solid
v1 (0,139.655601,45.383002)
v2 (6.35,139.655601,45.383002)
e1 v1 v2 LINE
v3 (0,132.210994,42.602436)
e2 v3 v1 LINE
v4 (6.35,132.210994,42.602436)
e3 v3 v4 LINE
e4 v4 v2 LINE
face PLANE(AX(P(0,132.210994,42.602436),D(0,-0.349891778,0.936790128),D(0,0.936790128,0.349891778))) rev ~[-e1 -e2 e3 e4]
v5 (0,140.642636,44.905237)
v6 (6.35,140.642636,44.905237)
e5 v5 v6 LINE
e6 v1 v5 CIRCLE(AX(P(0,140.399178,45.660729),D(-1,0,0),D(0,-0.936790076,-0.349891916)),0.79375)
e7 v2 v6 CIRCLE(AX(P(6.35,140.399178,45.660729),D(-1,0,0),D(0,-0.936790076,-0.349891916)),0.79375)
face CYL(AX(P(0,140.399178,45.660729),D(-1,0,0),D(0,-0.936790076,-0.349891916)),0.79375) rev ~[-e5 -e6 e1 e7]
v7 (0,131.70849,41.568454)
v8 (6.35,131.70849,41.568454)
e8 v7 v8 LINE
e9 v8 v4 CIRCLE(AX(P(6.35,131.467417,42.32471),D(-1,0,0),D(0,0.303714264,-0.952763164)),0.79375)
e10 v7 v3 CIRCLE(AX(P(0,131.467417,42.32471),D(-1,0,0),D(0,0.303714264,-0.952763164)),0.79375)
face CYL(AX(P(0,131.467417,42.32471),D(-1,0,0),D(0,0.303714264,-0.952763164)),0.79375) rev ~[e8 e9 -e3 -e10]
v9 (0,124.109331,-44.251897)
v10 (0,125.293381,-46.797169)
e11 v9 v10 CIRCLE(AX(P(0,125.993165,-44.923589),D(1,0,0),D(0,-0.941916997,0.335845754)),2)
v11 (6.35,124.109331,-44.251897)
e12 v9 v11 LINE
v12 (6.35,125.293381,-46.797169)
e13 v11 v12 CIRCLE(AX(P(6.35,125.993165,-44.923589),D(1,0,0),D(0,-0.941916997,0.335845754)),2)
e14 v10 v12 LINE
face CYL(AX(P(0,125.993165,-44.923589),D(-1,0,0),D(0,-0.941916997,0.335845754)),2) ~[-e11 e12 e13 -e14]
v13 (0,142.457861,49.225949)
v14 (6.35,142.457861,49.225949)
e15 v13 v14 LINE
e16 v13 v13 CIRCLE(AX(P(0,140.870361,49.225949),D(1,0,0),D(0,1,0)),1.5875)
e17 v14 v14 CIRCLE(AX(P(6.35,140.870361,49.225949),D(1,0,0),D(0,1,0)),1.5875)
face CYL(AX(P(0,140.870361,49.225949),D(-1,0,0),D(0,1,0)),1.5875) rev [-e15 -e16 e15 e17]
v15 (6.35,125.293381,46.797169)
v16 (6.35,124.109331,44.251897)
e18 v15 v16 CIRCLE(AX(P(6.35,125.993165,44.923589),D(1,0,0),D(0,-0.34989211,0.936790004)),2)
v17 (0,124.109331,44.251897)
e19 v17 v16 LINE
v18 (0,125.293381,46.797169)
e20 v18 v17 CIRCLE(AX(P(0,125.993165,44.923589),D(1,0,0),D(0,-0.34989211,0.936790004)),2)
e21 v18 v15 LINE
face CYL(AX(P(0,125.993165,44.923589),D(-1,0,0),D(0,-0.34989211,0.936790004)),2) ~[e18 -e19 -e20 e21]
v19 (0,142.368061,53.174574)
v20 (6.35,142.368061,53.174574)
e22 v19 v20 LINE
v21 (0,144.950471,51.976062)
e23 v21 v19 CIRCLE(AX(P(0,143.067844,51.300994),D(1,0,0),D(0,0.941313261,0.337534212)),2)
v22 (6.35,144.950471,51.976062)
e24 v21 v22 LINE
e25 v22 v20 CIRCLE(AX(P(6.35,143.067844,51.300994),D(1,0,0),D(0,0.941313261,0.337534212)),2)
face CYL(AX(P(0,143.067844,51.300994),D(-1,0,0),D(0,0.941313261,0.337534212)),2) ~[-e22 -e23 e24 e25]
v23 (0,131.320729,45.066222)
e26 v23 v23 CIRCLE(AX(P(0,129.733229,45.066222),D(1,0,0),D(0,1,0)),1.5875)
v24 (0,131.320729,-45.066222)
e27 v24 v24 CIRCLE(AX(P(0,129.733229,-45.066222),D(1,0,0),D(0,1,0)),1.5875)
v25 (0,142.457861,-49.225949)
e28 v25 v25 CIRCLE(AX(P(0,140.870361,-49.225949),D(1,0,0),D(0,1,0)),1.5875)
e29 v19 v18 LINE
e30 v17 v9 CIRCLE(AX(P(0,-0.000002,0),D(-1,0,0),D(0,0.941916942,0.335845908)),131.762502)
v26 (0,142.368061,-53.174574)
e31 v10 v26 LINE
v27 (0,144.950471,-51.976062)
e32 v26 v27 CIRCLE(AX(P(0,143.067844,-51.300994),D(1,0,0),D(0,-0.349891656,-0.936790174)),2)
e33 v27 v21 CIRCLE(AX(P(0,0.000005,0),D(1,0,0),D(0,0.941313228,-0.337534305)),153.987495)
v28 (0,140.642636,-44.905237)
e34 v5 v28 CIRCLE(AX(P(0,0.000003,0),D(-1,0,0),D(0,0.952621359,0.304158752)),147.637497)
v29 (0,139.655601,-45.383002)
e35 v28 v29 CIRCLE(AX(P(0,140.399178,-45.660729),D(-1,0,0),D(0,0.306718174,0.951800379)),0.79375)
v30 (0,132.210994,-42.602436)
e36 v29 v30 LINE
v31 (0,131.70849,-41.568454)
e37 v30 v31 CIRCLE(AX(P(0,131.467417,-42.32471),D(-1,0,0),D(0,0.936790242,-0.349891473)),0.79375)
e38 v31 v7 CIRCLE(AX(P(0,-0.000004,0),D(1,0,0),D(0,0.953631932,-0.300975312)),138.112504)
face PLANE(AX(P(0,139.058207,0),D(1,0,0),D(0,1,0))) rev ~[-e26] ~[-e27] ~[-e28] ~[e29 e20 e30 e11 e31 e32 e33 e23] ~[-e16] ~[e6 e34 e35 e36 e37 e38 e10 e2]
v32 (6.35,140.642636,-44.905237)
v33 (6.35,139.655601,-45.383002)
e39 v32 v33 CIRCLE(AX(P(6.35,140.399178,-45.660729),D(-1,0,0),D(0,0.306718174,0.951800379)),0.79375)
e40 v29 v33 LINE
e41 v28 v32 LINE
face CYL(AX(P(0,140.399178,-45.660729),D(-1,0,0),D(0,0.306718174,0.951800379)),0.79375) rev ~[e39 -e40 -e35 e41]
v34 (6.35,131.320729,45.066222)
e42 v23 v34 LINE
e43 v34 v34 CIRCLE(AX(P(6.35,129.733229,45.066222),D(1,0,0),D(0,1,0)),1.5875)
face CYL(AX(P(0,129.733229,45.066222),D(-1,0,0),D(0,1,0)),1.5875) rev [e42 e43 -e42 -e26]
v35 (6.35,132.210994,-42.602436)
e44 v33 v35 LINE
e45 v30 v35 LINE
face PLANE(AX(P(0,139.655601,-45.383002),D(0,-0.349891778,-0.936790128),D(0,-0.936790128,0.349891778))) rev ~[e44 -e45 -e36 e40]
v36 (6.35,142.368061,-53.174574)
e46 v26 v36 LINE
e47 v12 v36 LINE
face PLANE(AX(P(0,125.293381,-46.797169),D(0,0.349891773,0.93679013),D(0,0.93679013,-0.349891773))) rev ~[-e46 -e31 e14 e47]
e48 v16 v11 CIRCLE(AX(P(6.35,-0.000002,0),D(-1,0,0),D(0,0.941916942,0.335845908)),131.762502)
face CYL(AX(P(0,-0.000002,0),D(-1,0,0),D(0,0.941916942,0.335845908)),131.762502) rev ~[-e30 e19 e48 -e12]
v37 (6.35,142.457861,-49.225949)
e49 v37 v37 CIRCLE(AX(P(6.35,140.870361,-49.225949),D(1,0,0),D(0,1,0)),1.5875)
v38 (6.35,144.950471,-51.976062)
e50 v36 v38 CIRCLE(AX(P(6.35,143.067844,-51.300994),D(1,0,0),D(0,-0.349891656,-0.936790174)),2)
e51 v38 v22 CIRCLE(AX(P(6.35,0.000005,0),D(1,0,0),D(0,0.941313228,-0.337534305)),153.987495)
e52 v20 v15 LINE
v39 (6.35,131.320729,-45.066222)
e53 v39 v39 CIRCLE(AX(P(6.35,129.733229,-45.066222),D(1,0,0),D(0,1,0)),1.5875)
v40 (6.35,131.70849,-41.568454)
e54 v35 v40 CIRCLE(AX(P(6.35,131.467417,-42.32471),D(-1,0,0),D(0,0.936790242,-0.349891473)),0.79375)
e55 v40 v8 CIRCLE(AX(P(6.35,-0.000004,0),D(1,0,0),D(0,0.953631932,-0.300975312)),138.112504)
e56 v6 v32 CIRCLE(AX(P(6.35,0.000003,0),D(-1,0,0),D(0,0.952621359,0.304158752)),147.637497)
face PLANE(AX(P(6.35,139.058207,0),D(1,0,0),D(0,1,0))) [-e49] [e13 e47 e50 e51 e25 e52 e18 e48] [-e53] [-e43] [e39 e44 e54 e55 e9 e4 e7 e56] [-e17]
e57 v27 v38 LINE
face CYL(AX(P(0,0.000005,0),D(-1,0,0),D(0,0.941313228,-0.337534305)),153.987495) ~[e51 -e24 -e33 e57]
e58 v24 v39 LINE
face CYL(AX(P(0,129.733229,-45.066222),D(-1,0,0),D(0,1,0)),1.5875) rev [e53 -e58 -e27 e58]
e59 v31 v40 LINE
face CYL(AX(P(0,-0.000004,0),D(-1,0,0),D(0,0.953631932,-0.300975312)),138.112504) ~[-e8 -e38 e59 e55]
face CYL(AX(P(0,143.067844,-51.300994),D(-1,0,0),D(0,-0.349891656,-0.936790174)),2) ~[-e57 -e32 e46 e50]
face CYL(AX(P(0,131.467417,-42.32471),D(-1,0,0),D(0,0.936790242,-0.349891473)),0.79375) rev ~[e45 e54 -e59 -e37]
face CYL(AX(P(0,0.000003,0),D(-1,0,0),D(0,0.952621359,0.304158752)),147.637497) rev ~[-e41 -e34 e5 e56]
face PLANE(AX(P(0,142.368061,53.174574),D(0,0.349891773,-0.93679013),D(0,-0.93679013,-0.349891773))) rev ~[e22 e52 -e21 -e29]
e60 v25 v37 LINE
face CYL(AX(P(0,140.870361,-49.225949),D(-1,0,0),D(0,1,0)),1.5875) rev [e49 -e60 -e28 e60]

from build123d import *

# Parameters (mm, degrees)
F0_R     = 1.5875
F1_DEPTH = 6.35


with BuildPart() as f1:
    # F0 (on Right) → F1 (new body)
    with BuildSketch(Plane.YZ):
        with BuildLine():
            ThreePointArc((125.293381, 46.797169), (124.179778, 45.767169), (124.109331, 44.251897))
            ThreePointArc((124.109331, 44.251897), (131.7625, 0), (124.109331, -44.251897))
            ThreePointArc((124.109331, -44.251897), (124.179778, -45.767169), (125.293381, -46.797169))
            Line((125.293381, -46.797169), (142.368061, -53.174574))
            ThreePointArc((142.368061, -53.174574), (143.909799, -53.115136), (144.950471, -51.976062))
            ThreePointArc((144.950471, -51.976062), (153.9875, 0), (144.950471, 51.976062))
            ThreePointArc((144.950471, 51.976062), (143.909799, 53.115136), (142.368061, 53.174574))
            Line((142.368061, 53.174574), (125.293381, 46.797169))
        make_face()
        with Locations((129.733229, -45.066222)):
            Circle(F0_R, mode=Mode.SUBTRACT)
        with Locations((140.870361, -49.225949)):
            Circle(F0_R, mode=Mode.SUBTRACT)
        with Locations((129.733229, 45.066222)):
            Circle(F0_R, mode=Mode.SUBTRACT)
        with BuildLine():
            ThreePointArc((131.70849, -41.568454), (138.1125, 0), (131.70849, 41.568454))
            ThreePointArc((131.70849, 41.568454), (130.753509, 42.67166), (132.210994, 42.602436))
            Line((132.210994, 42.602436), (139.655601, 45.383002))
            ThreePointArc((139.655601, 45.383002), (140.745003, 46.375183), (140.642636, 44.905237))
            ThreePointArc((140.642636, 44.905237), (147.6375, 0), (140.642636, -44.905237))
            ThreePointArc((140.642636, -44.905237), (140.745003, -46.375183), (139.655601, -45.383002))
            Line((139.655601, -45.383002), (132.210994, -42.602436))
            ThreePointArc((132.210994, -42.602436), (130.753509, -42.67166), (131.70849, -41.568454))
        make_face(mode=Mode.SUBTRACT)
        with Locations((140.870361, 49.225949)):
            Circle(F0_R, mode=Mode.SUBTRACT)
    extrude(amount=F1_DEPTH)


solid = f1.part
